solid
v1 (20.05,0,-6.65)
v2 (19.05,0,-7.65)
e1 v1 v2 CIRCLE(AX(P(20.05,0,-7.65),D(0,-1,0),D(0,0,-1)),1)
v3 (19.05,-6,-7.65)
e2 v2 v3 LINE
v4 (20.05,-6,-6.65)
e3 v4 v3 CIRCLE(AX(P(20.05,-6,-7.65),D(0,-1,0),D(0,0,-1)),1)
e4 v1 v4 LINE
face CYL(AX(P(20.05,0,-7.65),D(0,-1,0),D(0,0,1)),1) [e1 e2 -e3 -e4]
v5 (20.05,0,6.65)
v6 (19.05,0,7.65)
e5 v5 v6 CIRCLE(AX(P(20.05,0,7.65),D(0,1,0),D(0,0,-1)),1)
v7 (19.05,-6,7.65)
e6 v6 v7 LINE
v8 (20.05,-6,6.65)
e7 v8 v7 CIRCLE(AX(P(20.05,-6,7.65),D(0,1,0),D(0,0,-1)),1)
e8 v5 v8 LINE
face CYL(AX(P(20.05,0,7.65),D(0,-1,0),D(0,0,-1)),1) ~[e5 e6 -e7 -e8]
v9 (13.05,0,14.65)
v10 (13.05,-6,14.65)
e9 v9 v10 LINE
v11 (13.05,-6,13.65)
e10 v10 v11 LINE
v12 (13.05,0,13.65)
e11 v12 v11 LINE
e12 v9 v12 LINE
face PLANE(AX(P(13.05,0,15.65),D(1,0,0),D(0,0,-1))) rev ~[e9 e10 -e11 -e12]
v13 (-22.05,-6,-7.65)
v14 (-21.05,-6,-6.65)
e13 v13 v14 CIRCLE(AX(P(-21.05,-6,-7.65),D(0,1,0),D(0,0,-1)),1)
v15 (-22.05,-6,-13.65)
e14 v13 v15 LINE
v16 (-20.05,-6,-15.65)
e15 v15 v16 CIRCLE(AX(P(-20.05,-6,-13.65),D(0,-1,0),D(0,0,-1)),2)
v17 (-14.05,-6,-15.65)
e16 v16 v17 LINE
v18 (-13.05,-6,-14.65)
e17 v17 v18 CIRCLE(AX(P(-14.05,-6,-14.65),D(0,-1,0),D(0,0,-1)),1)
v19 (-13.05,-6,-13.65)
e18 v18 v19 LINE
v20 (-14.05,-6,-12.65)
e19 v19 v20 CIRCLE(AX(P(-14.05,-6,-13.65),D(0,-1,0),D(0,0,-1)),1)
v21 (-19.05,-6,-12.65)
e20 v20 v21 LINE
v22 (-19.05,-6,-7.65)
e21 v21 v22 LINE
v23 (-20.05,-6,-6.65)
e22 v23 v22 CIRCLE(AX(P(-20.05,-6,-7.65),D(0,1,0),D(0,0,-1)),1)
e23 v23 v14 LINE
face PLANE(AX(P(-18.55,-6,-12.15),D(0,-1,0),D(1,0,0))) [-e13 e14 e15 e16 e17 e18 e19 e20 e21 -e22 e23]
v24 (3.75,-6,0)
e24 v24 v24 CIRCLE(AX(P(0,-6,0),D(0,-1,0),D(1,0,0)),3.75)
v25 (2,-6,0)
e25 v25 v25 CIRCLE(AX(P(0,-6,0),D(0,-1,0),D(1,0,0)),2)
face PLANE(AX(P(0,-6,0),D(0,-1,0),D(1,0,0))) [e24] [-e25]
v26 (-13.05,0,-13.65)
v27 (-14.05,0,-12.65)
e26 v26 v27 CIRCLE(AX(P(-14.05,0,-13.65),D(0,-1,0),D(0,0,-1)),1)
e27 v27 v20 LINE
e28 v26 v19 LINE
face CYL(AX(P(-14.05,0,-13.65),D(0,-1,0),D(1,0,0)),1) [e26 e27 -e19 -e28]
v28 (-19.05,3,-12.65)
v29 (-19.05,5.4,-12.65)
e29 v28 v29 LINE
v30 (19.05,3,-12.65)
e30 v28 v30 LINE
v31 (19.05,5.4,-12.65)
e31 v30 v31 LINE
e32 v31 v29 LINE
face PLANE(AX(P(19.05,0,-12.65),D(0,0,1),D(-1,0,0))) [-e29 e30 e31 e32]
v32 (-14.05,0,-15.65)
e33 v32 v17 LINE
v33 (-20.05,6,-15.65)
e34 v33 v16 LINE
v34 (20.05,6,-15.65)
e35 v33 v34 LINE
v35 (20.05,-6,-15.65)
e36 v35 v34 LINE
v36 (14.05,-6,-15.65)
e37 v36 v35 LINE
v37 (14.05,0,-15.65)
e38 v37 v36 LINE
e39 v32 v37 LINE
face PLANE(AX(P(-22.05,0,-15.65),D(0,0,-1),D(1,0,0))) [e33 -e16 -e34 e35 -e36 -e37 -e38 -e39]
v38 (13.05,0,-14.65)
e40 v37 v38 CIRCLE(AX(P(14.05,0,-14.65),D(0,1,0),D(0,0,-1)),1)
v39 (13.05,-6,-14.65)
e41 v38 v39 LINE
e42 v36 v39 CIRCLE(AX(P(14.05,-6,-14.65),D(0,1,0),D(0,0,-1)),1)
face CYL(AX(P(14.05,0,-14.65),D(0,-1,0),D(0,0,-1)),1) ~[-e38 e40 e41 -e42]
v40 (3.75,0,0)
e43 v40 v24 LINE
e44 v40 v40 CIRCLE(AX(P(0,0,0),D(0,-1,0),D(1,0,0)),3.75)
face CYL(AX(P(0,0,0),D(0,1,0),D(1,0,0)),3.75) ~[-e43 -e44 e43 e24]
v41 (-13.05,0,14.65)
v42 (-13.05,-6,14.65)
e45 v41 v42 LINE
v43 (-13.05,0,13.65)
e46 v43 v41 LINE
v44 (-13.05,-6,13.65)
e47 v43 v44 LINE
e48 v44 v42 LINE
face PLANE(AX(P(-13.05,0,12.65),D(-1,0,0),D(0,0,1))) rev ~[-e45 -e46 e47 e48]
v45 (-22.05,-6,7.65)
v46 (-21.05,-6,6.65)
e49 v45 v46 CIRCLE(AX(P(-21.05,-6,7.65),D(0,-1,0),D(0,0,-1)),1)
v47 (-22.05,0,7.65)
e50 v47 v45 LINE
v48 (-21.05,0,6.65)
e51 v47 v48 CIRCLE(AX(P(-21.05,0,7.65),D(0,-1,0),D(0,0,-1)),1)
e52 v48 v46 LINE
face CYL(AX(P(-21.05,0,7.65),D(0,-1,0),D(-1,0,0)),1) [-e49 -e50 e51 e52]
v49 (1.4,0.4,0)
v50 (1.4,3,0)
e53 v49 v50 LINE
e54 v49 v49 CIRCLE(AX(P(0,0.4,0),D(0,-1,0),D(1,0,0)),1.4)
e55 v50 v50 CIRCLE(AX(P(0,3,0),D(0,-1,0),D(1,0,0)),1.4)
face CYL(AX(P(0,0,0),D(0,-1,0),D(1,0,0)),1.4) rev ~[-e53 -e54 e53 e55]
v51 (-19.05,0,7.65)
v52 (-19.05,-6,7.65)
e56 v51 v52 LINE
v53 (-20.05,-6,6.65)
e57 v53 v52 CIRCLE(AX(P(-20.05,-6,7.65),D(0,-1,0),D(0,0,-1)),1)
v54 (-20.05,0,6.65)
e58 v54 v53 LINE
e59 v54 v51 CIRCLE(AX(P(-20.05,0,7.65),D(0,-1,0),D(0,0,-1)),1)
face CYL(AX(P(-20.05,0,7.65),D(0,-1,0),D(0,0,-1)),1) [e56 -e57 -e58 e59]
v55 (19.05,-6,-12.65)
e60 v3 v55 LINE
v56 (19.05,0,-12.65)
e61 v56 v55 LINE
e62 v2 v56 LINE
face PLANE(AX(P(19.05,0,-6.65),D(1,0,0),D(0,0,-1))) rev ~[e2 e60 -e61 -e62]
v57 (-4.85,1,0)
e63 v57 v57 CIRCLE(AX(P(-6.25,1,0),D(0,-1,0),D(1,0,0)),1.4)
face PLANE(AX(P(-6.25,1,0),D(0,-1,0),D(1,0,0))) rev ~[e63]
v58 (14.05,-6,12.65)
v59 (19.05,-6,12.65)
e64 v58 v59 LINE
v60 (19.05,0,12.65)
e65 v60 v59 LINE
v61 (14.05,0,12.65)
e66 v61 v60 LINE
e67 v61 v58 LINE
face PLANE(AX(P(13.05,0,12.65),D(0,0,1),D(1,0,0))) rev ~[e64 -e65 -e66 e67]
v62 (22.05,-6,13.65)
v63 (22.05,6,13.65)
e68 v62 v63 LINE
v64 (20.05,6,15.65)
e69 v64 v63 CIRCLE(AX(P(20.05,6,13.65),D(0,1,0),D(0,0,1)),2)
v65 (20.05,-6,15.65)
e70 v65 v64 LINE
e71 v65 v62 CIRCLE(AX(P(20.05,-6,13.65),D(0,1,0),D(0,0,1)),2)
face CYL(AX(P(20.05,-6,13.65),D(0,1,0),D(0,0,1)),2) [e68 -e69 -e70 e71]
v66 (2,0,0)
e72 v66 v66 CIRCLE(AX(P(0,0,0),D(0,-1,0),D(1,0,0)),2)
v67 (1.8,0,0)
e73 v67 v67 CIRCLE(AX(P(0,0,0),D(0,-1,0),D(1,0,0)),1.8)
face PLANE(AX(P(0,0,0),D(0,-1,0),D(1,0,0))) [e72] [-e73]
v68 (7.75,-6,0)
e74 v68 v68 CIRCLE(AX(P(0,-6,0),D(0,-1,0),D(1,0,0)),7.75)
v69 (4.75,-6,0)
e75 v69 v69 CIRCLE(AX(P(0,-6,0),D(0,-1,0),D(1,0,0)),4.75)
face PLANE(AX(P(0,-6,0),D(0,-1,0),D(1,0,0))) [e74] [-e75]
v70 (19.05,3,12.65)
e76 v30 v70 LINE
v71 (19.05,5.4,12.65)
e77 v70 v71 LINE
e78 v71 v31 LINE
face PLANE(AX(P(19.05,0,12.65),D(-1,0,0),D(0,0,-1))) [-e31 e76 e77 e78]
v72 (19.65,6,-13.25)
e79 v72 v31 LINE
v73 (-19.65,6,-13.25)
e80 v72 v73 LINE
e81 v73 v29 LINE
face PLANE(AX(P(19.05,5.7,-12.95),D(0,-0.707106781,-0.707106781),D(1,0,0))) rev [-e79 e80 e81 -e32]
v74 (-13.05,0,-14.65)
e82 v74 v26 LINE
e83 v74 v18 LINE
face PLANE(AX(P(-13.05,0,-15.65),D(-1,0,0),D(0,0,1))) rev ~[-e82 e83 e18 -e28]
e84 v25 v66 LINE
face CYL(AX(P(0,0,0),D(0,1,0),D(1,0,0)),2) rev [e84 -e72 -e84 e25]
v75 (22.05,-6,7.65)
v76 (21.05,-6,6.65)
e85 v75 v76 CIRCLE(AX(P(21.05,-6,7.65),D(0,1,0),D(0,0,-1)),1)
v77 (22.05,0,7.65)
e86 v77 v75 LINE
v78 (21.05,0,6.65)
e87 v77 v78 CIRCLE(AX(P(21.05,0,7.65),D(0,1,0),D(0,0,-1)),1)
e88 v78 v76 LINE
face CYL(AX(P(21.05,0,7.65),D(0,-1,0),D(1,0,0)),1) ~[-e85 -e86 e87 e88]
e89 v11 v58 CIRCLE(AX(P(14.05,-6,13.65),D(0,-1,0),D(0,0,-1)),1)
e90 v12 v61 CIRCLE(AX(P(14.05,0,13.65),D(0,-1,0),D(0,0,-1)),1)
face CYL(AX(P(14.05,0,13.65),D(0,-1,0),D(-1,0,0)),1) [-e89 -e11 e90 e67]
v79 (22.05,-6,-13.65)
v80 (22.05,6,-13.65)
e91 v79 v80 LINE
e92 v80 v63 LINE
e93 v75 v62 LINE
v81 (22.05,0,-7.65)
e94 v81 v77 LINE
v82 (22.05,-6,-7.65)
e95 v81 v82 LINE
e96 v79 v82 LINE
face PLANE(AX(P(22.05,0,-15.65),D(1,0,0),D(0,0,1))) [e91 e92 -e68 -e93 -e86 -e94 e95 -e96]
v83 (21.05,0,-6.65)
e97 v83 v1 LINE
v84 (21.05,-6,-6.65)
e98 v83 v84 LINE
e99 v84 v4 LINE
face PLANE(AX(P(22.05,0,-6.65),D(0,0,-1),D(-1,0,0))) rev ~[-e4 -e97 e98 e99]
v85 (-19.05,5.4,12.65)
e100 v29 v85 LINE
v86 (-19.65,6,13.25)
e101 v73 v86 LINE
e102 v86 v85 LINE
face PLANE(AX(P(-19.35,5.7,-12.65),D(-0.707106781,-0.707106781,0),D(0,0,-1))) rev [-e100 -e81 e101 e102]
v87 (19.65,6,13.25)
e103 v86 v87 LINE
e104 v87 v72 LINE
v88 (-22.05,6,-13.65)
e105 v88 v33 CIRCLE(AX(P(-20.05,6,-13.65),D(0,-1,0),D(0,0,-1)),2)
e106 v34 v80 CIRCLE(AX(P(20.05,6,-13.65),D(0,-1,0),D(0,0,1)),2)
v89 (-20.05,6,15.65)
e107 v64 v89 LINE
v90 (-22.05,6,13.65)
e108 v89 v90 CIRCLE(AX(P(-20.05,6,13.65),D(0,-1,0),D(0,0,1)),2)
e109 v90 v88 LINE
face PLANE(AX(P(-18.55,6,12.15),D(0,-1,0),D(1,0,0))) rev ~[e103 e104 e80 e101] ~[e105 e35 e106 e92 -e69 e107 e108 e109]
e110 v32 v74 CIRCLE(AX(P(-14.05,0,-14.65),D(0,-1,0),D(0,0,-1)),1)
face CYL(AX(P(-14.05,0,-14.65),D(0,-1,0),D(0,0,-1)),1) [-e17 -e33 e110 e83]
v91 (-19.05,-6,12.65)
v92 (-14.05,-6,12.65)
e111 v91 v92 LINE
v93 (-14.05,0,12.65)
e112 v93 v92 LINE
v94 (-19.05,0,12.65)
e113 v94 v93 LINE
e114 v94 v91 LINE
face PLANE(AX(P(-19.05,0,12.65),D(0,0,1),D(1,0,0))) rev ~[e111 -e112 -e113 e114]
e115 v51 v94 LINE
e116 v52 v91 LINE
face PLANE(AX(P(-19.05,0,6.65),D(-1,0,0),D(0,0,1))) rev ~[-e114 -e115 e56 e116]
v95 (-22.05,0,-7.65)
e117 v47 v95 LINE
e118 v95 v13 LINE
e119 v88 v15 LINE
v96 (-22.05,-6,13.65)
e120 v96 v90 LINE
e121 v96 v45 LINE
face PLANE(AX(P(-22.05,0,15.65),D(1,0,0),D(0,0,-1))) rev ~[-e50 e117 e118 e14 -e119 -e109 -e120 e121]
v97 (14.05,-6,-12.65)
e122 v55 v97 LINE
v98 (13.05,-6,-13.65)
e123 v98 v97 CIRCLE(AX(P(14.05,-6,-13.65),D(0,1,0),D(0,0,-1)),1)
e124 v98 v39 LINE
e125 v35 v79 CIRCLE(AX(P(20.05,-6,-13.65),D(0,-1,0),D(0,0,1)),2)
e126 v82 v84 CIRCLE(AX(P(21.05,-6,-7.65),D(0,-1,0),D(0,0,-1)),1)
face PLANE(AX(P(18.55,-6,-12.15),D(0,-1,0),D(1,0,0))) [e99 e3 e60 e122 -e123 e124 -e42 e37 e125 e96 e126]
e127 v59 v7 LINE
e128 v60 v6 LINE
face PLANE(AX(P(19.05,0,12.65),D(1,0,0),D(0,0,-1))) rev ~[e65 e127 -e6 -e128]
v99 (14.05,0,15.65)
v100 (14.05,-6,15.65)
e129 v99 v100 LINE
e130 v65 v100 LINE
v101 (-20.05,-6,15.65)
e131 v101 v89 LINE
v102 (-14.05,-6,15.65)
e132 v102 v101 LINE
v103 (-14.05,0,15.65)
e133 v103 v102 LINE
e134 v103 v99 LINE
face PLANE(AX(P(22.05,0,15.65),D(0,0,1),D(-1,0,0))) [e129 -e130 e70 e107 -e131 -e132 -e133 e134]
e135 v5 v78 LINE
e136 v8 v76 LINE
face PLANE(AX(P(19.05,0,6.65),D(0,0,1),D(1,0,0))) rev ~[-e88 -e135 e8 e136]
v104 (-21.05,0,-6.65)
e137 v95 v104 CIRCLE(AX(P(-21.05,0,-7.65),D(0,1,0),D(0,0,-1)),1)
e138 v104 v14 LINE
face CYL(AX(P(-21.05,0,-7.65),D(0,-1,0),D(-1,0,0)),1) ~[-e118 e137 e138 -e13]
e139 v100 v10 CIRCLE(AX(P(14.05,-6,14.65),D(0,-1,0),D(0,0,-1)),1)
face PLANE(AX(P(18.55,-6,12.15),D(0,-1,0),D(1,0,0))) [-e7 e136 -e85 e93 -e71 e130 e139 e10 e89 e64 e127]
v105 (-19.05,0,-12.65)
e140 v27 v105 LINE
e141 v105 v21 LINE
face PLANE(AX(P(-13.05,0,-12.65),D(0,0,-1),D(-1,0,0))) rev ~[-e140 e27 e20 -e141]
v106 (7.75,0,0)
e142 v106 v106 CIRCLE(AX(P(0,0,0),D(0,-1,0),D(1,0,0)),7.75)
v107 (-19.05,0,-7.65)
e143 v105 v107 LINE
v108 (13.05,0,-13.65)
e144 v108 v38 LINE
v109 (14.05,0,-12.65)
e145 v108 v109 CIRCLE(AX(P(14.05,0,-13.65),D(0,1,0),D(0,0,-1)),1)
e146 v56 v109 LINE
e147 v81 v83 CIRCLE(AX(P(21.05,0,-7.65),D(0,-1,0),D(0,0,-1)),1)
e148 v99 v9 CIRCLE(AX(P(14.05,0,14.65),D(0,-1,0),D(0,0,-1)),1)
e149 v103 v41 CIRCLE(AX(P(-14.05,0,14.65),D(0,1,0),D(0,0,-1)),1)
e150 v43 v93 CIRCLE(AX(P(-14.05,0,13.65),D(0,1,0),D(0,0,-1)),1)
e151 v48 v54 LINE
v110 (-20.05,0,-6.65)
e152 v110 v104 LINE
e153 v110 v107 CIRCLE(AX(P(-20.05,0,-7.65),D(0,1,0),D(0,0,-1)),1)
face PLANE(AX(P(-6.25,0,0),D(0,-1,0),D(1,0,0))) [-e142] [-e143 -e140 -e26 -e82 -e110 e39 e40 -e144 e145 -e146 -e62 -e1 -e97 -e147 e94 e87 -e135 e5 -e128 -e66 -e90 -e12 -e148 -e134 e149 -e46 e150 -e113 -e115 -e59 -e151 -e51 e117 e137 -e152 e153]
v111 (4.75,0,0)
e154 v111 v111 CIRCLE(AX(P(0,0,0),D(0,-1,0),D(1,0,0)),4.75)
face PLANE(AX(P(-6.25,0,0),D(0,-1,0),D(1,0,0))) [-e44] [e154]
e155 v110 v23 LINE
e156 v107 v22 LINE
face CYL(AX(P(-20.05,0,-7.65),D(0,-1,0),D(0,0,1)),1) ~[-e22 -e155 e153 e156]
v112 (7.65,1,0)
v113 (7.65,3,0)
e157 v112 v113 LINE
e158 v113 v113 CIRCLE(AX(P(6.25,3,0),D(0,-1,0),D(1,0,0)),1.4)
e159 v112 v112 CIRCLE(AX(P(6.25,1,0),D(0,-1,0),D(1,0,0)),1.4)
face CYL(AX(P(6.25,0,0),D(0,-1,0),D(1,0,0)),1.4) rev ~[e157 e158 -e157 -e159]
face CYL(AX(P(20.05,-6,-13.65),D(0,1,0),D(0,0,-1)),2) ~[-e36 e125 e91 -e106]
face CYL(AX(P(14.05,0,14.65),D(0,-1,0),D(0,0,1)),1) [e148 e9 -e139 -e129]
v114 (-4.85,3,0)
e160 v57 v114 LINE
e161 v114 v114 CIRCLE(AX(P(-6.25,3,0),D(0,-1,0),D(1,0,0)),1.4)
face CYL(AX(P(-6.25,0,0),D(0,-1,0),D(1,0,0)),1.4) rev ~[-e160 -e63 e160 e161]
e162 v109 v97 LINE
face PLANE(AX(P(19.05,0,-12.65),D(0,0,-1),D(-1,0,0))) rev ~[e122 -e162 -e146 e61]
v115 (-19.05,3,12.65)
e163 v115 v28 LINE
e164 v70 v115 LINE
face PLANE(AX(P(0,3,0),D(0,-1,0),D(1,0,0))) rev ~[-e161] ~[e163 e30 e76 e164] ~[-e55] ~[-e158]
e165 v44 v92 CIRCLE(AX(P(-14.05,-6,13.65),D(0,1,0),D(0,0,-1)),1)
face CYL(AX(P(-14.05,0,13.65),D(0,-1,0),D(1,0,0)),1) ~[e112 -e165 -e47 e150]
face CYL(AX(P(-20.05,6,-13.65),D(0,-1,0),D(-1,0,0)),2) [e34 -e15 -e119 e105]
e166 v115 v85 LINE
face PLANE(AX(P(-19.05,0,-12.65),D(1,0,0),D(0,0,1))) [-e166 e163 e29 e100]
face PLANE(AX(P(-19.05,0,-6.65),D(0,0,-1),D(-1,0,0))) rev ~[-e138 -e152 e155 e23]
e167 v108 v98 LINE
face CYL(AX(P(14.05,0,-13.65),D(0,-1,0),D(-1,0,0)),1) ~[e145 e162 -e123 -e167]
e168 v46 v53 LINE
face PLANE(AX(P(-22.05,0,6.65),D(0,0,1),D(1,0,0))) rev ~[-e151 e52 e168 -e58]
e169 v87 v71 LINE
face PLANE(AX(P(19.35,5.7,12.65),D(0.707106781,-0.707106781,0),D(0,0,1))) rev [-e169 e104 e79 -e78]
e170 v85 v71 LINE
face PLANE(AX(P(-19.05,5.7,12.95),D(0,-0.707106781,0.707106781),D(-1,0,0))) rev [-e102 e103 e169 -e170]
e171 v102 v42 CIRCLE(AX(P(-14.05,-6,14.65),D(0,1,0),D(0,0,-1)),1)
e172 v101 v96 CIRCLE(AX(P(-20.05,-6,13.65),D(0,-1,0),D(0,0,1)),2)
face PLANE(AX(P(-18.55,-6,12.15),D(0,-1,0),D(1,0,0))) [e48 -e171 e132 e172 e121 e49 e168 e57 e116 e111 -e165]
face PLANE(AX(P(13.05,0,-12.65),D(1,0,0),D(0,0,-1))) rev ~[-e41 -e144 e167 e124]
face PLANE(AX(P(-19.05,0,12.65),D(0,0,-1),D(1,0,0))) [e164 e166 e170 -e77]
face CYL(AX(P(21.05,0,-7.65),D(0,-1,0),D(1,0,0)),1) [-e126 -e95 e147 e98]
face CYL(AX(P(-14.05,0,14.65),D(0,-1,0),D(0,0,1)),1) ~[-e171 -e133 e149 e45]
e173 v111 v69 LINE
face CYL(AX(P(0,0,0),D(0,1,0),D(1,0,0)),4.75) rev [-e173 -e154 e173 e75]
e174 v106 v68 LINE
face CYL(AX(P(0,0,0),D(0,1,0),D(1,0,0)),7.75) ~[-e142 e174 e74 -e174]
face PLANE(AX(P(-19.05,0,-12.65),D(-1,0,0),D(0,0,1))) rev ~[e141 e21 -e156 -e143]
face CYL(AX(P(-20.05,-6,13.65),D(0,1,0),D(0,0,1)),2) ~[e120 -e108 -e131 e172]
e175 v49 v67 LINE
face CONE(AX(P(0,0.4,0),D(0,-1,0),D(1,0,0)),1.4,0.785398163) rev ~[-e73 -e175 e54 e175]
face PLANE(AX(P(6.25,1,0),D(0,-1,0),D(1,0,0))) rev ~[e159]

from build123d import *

# Parameters (mm, degrees)
F0_R     = 9.5
F0_R_2   = 7.75
F0_R_3   = 1.4
F0_R_4   = 4.75
F0_R_5   = 3.75
F0_R_6   = 2
F1_DEPTH = 3
F0_W     = 26.1
F0_H     = 3
F0_W_2   = 3
F0_H_2   = 13.3
F2_DEPTH = 6
F3_DEPTH = 1
F4_DEPTH = 6
F5_DEPTH = 6
F6_DEPTH = 6
F7_SIZE  = 0.6
F8_DEPTH = 3
F9_R     = 2
F10_SIZE = 0.4
F11_R    = 1


with BuildPart() as f1:
    # F0 (on Front) → F1 (new body)
    with BuildSketch(Plane.XZ):
        Polygon((-13.05, 12.65), (-19.05, 12.65), (-19.05, 6.65), (-19.05, -6.65), (-19.05, -12.65), (-13.05, -12.65), (13.05, -12.65), (19.05, -12.65), (19.05, -6.65), (19.05, 6.65), (19.05, 12.65), (13.05, 12.65), align=None)
        Circle(F0_R, mode=Mode.SUBTRACT)
        Circle(F0_R)
        Circle(F0_R_2, mode=Mode.SUBTRACT)
        Circle(F0_R_2)
        with Locations((-6.25, 0)):
            Circle(F0_R_3, mode=Mode.SUBTRACT)
        Circle(F0_R_4, mode=Mode.SUBTRACT)
        with Locations((6.25, 0)):
            Circle(F0_R_3, mode=Mode.SUBTRACT)
        Circle(F0_R_4)
        Circle(F0_R_5, mode=Mode.SUBTRACT)
        Circle(F0_R_5)
        Circle(F0_R_6, mode=Mode.SUBTRACT)
    extrude(amount=-F1_DEPTH)

    # F0 (on Front) → F2 (join)
    with BuildSketch(Plane.XZ):
        Polygon((-19.05, 6.65), (-19.05, 12.65), (-13.05, 12.65), (-13.05, 15.65), (-22.05, 15.65), (-22.05, 6.65), align=None)
        Polygon((13.05, 15.65), (13.05, 12.65), (19.05, 12.65), (19.05, 6.65), (22.05, 6.65), (22.05, 15.65), align=None)
        with Locations((0, -14.15)):
            Rectangle(F0_W, F0_H)
        with Locations((0, 14.15)):
            Rectangle(F0_W, F0_H)
        with Locations((-20.55, 0)):
            Rectangle(F0_W_2, F0_H_2)
        Polygon((-19.05, -12.65), (-19.05, -6.65), (-22.05, -6.65), (-22.05, -15.65), (-13.05, -15.65), (-13.05, -12.65), align=None)
        Polygon((22.05, -6.65), (19.05, -6.65), (19.05, -12.65), (13.05, -12.65), (13.05, -15.65), (22.05, -15.65), align=None)
        with Locations((20.55, 0)):
            Rectangle(F0_W_2, F0_H_2)
    extrude(amount=-F2_DEPTH)

    # F0 (on Front) → F3 (join)
    with BuildSketch(Plane.XZ):
        with Locations((-6.25, 0)):
            Circle(F0_R_3)
        with Locations((6.25, 0)):
            Circle(F0_R_3)
    extrude(amount=-F3_DEPTH)

    # F0 (on Front) → F4 (join)
    with BuildSketch(Plane.XZ):
        Circle(F0_R_5)
        Circle(F0_R_6, mode=Mode.SUBTRACT)
    extrude(amount=F4_DEPTH)

    # F0 (on Front) → F5 (join)
    with BuildSketch(Plane.XZ):
        Polygon((-19.05, 6.65), (-19.05, 12.65), (-13.05, 12.65), (-13.05, 15.65), (-22.05, 15.65), (-22.05, 6.65), align=None)
        Polygon((13.05, 15.65), (13.05, 12.65), (19.05, 12.65), (19.05, 6.65), (22.05, 6.65), (22.05, 15.65), align=None)
        Polygon((-19.05, -12.65), (-19.05, -6.65), (-22.05, -6.65), (-22.05, -15.65), (-13.05, -15.65), (-13.05, -12.65), align=None)
        Polygon((22.05, -6.65), (19.05, -6.65), (19.05, -12.65), (13.05, -12.65), (13.05, -15.65), (22.05, -15.65), align=None)
    extrude(amount=F5_DEPTH)

    # F0 (on Front) → F6 (join)
    with BuildSketch(Plane.XZ):
        Circle(F0_R_2)
        with Locations((-6.25, 0)):
            Circle(F0_R_3, mode=Mode.SUBTRACT)
        Circle(F0_R_4, mode=Mode.SUBTRACT)
        with Locations((6.25, 0)):
            Circle(F0_R_3, mode=Mode.SUBTRACT)
        with Locations((-6.25, 0)):
            Circle(F0_R_3)
        with Locations((6.25, 0)):
            Circle(F0_R_3)
    extrude(amount=F6_DEPTH)

    # F7
    f7_edges = [f1.edges().sort_by_distance(p)[0] for p in [
        (0, 6, 12.65),
        (-19.05, 6, 0),
        (19.05, 6, 0),
        (0, 6, -12.65),
    ]]
    chamfer(f7_edges, length=F7_SIZE)

    # F0 (on Front) → F8 (join)
    with BuildSketch(Plane.XZ):
        Circle(F0_R_6)
        Circle(F0_R_3, mode=Mode.SUBTRACT)
    extrude(amount=-F8_DEPTH)

    # F9
    f9_edges = [f1.edges().sort_by_distance(p)[0] for p in [
        (22.05, 0, 15.65),
        (-22.05, 0, 15.65),
        (-22.05, 0, -15.65),
        (22.05, 0, -15.65),
    ]]
    fillet(f9_edges, radius=F9_R)

    # F10
    f10_edges = [f1.edges().sort_by_distance(p)[0] for p in [
        (-1.4, 0, 0),
    ]]
    chamfer(f10_edges, length=F10_SIZE)

    # F11
    f11_edges = [f1.edges().sort_by_distance(p)[0] for p in [
        (-22.05, -3, 6.65),
        (-19.05, -3, 6.65),
        (-13.05, -3, 12.65),
        (-13.05, -3, 15.65),
        (13.05, -3, 12.65),
        (19.05, -3, 6.65),
        (22.05, -3, 6.65),
        (-13.05, -3, -15.65),
        (13.05, -3, -15.65),
        (-22.05, -3, -6.65),
        (-19.05, -3, -6.65),
        (13.05, -3, 15.65),
        (22.05, -3, -6.65),
        (19.05, -3, -6.65),
        (13.05, -3, -12.65),
        (-13.05, -3, -12.65),
    ]]
    fillet(f11_edges, radius=F11_R)


solid = f1.part
